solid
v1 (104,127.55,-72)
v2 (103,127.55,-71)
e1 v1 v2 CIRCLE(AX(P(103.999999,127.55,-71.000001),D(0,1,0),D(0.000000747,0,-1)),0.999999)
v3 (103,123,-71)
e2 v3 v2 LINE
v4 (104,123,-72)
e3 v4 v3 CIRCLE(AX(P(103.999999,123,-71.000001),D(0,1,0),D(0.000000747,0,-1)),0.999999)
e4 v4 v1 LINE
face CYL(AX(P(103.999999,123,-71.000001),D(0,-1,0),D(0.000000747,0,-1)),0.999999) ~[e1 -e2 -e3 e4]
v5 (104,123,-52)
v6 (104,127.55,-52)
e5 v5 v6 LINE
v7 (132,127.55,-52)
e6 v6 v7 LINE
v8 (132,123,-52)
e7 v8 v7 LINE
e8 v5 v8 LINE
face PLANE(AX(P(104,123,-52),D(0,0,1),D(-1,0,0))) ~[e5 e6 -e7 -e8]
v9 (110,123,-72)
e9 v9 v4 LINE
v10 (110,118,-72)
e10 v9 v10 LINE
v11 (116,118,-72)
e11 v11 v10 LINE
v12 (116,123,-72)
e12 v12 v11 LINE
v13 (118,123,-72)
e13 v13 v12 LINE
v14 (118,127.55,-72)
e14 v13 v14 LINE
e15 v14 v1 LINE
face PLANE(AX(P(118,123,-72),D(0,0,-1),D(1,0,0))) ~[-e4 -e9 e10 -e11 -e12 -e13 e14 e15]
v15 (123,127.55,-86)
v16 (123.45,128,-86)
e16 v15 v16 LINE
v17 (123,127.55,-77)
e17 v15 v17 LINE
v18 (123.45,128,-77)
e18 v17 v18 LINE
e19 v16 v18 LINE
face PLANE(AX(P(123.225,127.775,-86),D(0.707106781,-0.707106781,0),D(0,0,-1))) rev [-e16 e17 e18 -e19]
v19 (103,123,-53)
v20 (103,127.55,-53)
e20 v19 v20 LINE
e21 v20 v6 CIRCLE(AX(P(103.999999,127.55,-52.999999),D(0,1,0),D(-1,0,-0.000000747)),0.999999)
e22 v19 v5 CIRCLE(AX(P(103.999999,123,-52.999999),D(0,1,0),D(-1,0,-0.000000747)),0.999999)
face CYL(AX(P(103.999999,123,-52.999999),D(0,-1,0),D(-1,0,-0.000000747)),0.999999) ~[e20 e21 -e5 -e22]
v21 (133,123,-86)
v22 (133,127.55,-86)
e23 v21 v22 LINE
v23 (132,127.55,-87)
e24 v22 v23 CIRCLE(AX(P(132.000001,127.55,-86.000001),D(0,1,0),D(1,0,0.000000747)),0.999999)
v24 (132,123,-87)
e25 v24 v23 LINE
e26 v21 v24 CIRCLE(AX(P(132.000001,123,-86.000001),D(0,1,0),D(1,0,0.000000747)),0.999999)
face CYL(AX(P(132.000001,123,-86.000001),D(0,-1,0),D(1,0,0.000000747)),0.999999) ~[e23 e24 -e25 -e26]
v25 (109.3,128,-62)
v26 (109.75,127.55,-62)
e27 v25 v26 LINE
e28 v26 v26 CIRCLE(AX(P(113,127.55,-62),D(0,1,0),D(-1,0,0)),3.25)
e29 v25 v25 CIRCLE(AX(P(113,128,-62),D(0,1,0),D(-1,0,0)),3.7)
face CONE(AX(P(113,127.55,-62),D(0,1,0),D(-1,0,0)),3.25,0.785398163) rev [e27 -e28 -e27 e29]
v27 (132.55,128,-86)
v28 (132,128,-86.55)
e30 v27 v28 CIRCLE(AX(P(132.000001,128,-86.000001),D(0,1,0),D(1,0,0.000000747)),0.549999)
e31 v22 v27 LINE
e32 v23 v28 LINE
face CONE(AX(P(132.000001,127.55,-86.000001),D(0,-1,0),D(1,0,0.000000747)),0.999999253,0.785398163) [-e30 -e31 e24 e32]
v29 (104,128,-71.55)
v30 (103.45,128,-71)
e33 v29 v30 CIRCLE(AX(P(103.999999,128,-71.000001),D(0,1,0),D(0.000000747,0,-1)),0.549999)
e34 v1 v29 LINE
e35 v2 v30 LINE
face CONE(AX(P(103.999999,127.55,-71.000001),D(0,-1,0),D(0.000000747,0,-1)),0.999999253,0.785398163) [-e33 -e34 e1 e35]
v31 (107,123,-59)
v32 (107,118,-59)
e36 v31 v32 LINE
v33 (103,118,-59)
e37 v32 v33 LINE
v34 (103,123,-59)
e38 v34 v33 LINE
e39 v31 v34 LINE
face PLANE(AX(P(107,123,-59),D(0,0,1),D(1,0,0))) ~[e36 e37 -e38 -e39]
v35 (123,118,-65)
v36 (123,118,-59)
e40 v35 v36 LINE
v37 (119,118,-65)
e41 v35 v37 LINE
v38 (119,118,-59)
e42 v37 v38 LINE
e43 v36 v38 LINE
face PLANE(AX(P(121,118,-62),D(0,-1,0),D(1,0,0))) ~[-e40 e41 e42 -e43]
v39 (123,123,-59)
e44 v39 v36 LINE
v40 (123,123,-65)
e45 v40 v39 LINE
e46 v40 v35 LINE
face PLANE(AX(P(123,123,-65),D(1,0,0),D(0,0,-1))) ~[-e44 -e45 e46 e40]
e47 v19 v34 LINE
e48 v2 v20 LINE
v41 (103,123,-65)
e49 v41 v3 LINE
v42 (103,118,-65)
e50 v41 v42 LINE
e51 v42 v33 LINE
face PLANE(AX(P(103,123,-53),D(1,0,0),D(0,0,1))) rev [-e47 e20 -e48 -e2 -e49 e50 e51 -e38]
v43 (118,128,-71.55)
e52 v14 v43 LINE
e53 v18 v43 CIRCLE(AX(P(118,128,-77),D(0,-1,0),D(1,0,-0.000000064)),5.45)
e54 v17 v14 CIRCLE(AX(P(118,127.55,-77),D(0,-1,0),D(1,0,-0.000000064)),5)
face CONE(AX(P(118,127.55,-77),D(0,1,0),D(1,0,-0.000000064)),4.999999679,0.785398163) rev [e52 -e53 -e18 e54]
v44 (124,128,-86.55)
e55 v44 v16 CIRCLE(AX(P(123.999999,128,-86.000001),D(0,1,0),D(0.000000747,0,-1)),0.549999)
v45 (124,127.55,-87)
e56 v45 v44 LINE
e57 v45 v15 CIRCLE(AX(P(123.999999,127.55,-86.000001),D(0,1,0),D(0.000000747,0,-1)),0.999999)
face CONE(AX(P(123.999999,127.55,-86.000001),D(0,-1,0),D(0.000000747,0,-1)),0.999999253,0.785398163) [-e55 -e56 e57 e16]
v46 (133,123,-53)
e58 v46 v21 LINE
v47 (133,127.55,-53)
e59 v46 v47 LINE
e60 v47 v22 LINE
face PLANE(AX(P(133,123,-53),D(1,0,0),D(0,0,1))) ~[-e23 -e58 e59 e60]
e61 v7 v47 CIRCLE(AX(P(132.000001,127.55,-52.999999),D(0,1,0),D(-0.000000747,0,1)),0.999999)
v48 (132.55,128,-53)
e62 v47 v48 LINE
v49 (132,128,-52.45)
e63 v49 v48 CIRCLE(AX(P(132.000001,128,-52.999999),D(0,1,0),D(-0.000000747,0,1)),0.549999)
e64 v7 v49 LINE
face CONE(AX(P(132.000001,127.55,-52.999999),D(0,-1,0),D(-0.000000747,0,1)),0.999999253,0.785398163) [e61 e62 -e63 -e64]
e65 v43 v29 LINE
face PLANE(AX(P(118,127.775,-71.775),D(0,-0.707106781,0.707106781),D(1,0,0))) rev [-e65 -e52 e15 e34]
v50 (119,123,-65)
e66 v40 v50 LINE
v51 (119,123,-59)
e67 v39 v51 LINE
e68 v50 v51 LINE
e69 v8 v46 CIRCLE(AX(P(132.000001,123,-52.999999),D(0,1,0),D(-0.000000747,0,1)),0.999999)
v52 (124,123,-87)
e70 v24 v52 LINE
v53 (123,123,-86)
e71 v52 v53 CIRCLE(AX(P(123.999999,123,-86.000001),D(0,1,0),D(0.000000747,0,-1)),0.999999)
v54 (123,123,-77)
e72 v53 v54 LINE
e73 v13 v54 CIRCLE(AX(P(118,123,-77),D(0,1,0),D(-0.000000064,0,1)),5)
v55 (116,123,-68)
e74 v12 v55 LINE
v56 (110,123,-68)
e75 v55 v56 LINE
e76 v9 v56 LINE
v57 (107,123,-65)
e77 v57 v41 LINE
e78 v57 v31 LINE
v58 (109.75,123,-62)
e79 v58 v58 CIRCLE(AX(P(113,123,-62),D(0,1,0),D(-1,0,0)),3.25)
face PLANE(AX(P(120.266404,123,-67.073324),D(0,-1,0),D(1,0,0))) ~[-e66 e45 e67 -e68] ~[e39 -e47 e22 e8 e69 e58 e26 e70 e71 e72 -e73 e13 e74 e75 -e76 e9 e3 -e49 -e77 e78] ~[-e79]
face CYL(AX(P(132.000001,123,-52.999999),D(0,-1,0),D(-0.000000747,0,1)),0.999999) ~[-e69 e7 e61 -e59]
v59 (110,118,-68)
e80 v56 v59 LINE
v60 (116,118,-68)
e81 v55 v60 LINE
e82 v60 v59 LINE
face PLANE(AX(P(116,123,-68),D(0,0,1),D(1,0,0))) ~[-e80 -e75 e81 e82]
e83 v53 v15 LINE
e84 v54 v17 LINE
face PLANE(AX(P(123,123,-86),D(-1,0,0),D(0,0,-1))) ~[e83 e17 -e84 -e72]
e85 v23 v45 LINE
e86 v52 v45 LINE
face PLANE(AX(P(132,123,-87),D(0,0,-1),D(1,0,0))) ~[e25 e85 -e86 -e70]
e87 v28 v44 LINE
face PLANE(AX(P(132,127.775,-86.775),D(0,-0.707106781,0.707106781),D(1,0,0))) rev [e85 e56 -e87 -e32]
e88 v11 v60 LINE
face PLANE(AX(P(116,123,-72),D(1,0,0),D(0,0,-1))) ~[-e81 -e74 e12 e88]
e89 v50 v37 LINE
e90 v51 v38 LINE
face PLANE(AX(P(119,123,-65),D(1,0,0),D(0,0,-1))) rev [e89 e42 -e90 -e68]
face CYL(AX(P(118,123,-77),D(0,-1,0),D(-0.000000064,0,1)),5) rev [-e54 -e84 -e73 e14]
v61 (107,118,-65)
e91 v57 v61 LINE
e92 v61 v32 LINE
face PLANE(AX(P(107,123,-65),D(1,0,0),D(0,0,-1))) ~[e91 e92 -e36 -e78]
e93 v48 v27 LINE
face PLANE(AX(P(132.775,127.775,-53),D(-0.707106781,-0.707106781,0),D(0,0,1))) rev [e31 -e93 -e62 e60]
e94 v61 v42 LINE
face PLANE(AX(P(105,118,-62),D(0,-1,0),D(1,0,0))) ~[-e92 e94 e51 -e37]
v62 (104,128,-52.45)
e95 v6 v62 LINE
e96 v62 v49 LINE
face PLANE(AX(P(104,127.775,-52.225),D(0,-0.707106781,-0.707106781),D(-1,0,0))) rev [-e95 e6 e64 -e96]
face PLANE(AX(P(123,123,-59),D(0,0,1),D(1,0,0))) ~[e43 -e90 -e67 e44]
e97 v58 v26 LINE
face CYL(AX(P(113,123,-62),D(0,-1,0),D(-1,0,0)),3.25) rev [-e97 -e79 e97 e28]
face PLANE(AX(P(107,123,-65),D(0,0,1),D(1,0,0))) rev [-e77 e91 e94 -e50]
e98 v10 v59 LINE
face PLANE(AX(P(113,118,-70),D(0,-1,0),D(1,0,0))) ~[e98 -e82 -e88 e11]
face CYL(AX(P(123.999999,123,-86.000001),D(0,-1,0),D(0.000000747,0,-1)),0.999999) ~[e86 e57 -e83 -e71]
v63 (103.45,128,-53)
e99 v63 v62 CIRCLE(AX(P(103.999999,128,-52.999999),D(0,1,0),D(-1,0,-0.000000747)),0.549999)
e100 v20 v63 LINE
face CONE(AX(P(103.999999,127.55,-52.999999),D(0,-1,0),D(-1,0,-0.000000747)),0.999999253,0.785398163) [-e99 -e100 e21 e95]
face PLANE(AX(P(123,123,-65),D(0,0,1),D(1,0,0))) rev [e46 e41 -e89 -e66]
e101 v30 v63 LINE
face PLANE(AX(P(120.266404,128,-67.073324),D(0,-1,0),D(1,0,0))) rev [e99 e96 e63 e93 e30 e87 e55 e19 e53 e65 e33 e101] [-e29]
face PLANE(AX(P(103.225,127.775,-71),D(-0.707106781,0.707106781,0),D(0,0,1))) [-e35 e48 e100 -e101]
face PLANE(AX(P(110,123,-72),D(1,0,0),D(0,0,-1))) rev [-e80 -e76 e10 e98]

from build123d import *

# Parameters (mm, degrees)
SKETCH211_R   = 3.25
PAD055_DEPTH  = 5
SKETCH212_W   = 4
SKETCH212_H   = 6
SKETCH212_W_2 = 6
SKETCH212_H_2 = 4
PAD056_DEPTH  = 5
CHAMFER_SIZE  = 0.45


with BuildPart() as endstopper:
    # Sketch211 → Pad055 (new body)
    with BuildSketch(Plane.XZ):
        with BuildLine():
            Line((9, 10), (-19, 10))
            ThreePointArc((-19, 10), (-19.707107, 9.707107), (-20, 9))
            Line((-20, 9), (-20, -24))
            ThreePointArc((-20, -24), (-19.707107, -24.707107), (-19, -25))
            Line((-19, -25), (-11, -25))
            ThreePointArc((-11, -25), (-10.292893, -24.707107), (-10, -24))
            Line((-10, -24), (-10, -15))
            ThreePointArc((-5, -10), (-8.535534, -11.464466), (-10, -15))
            Line((-5, -10), (9, -10))
            ThreePointArc((9, -10), (9.707107, -9.707107), (10, -9))
            Line((10, 9), (10, -9))
            ThreePointArc((10, 9), (9.707107, 9.707107), (9, 10))
        make_face()
        Circle(SKETCH211_R, mode=Mode.SUBTRACT)
    extrude(amount=-PAD055_DEPTH)

    # Sketch212 → Pad056 (join)
    with BuildSketch(Plane.XZ):
        with Locations((-8, 0)):
            Rectangle(SKETCH212_W, SKETCH212_H)
        with Locations((8, 0)):
            Rectangle(SKETCH212_W, SKETCH212_H)
        with Locations((0, -8)):
            Rectangle(SKETCH212_W_2, SKETCH212_H_2)
    extrude(amount=PAD056_DEPTH)

    # Chamfer
    chamfer_edges = [endstopper.edges().sort_by_distance(p)[0] for p in [
        (9.707107, 5, 9.707107),
        (-5, 5, 10),
        (-19.707107, 5, 9.707107),
        (-20, 5, -7.5),
        (-19.707107, 5, -24.707107),
        (-15, 5, -25),
        (-10.292893, 5, -24.707107),
        (-10, 5, -19.5),
        (-8.535534, 5, -11.464466),
        (2, 5, -10),
        (9.707107, 5, -9.707107),
        (10, 5, 0),
        (-3.25, 5, 0),
    ]]
    chamfer(chamfer_edges, length=CHAMFER_SIZE)


with BuildPart() as endstopper_1:
    # Body022046 placement: moved
    add(endstopper.part.moved(Location((-113, 123, -62))))


with BuildPart() as endstopper_m:
    # Part__Mirroring: instance of EndStopper
    add(endstopper_1.part.mirror(Plane(origin=(0, 0, 0), x_dir=(0, -1, 0), z_dir=(1, 0, 0))))


solid = endstopper_m.part
